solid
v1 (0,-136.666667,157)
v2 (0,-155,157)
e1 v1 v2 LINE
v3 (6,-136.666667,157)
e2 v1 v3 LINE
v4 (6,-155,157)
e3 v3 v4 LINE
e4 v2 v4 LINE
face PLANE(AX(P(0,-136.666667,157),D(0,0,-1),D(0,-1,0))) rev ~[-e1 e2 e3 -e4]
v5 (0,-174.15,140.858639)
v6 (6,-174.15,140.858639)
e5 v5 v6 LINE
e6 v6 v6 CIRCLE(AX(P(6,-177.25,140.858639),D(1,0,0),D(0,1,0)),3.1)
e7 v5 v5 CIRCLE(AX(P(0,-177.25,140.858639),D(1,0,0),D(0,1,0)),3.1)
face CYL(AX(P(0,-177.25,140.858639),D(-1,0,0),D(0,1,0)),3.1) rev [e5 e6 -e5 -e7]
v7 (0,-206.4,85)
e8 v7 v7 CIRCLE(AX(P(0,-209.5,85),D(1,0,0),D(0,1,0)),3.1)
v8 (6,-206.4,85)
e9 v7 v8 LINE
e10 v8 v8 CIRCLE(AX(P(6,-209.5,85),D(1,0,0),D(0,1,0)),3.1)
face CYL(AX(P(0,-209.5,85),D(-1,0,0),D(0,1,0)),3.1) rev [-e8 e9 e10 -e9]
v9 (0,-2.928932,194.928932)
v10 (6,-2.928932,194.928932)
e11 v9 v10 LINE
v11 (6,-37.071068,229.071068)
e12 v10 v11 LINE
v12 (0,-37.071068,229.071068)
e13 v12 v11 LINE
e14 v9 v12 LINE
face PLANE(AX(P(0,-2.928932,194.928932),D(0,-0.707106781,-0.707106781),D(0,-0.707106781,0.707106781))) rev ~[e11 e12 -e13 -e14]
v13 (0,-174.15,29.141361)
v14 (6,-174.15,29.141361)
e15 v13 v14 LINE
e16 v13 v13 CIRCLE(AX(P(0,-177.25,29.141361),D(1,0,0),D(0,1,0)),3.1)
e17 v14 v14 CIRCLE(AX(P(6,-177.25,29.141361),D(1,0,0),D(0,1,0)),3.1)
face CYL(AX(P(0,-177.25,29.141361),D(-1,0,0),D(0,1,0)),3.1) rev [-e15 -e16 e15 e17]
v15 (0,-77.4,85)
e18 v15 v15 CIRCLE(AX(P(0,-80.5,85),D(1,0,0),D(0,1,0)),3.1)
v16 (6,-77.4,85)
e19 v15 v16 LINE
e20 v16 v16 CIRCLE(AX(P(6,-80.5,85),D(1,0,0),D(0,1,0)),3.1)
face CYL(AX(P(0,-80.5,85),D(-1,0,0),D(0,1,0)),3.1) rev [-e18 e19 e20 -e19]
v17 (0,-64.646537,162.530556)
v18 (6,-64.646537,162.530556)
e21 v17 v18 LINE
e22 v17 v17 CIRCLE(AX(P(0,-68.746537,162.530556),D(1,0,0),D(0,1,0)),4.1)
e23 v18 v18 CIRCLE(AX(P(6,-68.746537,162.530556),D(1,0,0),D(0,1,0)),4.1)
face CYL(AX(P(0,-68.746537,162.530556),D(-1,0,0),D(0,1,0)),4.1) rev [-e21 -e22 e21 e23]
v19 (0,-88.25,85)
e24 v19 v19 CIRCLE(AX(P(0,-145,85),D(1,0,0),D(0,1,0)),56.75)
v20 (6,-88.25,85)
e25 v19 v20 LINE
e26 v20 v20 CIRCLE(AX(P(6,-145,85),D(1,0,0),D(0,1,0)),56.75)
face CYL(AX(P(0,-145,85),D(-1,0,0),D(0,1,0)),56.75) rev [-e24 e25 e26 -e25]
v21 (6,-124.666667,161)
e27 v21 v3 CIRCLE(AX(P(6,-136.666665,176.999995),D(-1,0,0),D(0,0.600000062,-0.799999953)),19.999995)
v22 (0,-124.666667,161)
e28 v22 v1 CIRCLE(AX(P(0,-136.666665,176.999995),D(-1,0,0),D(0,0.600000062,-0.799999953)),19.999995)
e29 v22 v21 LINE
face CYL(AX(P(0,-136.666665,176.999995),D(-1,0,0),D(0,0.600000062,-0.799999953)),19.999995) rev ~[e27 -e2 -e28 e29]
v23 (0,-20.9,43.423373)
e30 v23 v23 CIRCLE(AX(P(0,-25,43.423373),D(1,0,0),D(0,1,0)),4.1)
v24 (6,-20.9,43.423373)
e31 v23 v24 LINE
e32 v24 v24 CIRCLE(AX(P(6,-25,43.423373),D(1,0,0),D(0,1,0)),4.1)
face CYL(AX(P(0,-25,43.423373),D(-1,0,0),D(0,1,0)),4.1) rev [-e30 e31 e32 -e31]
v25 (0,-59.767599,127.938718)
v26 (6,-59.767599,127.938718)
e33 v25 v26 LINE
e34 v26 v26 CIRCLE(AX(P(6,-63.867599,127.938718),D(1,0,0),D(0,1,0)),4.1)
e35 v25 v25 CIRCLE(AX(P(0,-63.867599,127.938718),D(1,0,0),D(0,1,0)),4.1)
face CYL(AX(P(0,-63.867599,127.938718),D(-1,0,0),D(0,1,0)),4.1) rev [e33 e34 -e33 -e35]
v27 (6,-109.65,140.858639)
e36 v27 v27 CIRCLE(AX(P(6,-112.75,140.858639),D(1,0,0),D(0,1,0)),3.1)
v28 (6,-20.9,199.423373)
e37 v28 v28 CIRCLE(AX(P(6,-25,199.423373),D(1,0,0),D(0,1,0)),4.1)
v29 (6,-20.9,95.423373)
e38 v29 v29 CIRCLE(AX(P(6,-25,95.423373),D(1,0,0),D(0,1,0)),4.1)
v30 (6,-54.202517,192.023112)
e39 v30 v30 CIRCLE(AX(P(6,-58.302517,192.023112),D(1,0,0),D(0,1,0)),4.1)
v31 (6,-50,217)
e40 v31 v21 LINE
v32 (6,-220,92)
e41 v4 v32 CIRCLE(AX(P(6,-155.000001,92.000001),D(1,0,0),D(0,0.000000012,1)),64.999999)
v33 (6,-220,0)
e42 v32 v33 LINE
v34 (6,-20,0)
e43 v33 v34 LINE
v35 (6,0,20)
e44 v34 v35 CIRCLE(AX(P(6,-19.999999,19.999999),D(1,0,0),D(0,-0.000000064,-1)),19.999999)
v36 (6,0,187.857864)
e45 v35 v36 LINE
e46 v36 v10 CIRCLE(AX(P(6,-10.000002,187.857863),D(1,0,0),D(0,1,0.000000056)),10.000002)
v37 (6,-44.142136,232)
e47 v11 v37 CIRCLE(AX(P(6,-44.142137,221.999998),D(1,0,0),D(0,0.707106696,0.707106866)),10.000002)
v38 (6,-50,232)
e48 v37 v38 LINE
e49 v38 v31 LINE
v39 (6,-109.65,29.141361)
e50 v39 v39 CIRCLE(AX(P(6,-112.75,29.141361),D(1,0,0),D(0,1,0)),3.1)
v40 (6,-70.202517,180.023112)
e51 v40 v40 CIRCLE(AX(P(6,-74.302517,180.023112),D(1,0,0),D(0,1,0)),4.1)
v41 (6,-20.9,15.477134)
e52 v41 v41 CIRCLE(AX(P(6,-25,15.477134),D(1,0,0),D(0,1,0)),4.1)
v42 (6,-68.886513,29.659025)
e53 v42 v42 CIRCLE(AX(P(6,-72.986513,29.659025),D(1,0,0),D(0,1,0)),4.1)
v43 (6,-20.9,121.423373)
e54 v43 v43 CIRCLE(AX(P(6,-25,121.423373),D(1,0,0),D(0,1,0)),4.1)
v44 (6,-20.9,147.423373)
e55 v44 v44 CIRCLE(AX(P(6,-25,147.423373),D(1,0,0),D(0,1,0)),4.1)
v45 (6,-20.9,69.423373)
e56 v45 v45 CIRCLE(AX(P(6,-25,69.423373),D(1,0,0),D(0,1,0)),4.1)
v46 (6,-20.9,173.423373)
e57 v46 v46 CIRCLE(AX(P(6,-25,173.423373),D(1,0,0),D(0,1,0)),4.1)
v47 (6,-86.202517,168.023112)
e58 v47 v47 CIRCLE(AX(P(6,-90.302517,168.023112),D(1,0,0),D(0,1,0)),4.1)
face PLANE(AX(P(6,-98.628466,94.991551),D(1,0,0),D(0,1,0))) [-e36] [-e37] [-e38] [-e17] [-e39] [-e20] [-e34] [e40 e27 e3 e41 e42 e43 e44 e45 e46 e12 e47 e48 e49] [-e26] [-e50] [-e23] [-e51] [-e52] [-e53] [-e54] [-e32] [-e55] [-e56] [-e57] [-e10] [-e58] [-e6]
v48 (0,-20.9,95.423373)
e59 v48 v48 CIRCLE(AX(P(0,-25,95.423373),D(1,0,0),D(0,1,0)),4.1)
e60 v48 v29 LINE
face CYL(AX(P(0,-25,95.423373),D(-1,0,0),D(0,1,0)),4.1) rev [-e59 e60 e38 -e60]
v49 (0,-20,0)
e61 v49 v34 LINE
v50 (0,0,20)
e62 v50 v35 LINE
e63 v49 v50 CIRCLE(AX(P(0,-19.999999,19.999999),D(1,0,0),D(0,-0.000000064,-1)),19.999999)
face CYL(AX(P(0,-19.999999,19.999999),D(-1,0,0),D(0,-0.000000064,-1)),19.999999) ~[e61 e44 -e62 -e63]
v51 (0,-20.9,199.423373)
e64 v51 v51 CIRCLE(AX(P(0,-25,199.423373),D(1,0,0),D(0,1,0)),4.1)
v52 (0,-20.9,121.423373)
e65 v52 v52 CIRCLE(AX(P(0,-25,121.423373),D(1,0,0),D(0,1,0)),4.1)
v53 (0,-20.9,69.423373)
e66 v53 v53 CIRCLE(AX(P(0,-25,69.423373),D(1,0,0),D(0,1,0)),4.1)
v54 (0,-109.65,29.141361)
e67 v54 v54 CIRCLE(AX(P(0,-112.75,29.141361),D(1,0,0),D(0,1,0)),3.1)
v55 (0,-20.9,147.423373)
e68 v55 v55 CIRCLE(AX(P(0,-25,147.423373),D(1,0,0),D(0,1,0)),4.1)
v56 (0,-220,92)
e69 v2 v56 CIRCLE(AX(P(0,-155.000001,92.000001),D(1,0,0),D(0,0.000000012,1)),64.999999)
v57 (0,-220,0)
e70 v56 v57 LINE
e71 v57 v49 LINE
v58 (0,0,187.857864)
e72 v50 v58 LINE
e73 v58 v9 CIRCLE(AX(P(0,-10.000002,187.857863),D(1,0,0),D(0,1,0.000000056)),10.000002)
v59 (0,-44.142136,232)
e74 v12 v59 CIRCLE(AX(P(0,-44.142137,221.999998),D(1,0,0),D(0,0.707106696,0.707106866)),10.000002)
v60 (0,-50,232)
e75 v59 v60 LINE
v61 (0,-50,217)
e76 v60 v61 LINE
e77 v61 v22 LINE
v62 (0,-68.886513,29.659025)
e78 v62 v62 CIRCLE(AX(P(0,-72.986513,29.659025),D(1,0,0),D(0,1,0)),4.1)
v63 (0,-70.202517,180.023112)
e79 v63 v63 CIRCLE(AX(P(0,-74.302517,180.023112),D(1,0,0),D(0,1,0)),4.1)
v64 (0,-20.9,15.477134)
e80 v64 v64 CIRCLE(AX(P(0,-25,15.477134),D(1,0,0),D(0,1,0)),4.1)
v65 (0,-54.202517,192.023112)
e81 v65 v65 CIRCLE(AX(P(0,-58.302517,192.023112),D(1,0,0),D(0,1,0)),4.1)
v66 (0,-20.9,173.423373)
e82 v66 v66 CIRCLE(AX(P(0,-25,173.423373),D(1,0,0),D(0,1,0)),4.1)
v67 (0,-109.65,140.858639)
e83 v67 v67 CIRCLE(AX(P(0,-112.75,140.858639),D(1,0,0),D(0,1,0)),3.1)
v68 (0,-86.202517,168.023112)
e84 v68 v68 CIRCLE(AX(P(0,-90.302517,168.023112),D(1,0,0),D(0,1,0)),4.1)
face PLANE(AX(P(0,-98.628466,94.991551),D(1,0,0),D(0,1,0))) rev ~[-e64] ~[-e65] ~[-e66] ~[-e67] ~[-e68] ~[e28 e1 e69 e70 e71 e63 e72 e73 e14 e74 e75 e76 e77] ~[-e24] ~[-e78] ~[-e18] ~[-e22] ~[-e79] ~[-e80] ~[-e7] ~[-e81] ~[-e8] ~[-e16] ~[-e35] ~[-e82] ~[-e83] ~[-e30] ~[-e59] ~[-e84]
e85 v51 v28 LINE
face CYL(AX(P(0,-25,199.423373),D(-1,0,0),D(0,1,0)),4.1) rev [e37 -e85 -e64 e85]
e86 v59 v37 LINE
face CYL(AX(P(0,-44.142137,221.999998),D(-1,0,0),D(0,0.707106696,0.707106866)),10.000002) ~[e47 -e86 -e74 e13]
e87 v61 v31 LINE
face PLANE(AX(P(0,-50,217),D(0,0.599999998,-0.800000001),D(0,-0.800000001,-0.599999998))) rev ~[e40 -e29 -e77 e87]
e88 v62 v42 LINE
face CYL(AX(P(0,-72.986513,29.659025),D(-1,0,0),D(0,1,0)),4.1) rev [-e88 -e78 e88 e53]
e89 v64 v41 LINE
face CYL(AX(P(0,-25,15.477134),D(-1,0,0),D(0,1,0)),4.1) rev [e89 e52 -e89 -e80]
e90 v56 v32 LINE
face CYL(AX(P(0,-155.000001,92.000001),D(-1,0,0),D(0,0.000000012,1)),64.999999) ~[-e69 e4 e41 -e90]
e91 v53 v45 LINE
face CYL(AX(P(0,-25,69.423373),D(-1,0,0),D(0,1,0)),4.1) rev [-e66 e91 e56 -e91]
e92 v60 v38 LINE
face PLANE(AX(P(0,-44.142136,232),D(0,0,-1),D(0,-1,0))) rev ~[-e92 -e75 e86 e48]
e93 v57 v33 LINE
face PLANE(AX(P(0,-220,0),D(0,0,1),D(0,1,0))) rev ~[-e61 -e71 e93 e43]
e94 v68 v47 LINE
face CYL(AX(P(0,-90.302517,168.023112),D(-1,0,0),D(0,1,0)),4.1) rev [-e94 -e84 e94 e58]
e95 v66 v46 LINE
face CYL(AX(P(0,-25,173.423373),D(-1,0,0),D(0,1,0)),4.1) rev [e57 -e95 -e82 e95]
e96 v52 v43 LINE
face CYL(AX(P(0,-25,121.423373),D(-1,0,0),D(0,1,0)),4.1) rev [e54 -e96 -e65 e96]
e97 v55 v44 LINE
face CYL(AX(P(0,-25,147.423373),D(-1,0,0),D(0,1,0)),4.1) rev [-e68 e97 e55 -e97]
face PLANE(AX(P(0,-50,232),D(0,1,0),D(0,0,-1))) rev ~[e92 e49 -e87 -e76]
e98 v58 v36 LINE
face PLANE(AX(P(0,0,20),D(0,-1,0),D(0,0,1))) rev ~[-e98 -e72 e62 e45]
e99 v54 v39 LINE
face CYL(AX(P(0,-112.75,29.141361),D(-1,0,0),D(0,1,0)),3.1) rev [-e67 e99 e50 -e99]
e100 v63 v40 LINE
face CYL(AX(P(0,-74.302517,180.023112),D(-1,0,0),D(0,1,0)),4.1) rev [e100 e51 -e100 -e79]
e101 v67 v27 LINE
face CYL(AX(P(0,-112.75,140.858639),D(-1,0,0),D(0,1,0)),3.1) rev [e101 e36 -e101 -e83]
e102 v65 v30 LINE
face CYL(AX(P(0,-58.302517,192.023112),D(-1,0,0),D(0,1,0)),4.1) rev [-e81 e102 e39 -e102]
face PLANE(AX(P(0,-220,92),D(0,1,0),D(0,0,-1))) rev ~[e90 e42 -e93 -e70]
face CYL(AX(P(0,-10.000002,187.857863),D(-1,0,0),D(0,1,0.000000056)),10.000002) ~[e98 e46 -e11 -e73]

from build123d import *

# Parameters (mm, degrees)
F0_R     = 3.1
F0_R_2   = 56.75
F0_R_3   = 4.1
F1_DEPTH = 6


with BuildPart() as f1:
    # F0 (on Right) → F1 (new body)
    with BuildSketch(Plane.YZ):
        with BuildLine():
            Line((-220, 0), (-20, 0))
            ThreePointArc((-20, 0), (-5.857864, 5.857864), (0, 20))
            Line((0, 20), (0, 187.857864))
            ThreePointArc((0, 187.857864), (-0.761205, 191.684699), (-2.928932, 194.928932))
            Line((-2.928932, 194.928932), (-37.071068, 229.071068))
            ThreePointArc((-37.071068, 229.071068), (-40.315301, 231.238795), (-44.142136, 232))
            Line((-44.142136, 232), (-50, 232))
            Line((-50, 232), (-50, 217))
            Line((-50, 217), (-124.666667, 161))
            ThreePointArc((-124.666667, 161), (-130.342111, 158.026334), (-136.666667, 157))
            Line((-136.666667, 157), (-155, 157))
            ThreePointArc((-155, 157), (-200.961941, 137.961941), (-220, 92))
            Line((-220, 92), (-220, 0))
        make_face()
        with Locations((-177.25, 29.141361)):
            Circle(F0_R, mode=Mode.SUBTRACT)
        with Locations((-112.75, 29.141361)):
            Circle(F0_R, mode=Mode.SUBTRACT)
        with Locations((-209.5, 85)):
            Circle(F0_R, mode=Mode.SUBTRACT)
        with Locations((-145, 85)):
            Circle(F0_R_2, mode=Mode.SUBTRACT)
        with Locations((-72.986513, 29.659025)):
            Circle(F0_R_3, mode=Mode.SUBTRACT)
        with Locations((-25, 15.477134)):
            Circle(F0_R_3, mode=Mode.SUBTRACT)
        with Locations((-25, 43.423373)):
            Circle(F0_R_3, mode=Mode.SUBTRACT)
        with Locations((-80.5, 85)):
            Circle(F0_R, mode=Mode.SUBTRACT)
        with Locations((-25, 69.423373)):
            Circle(F0_R_3, mode=Mode.SUBTRACT)
        with Locations((-25, 95.423373)):
            Circle(F0_R_3, mode=Mode.SUBTRACT)
        with Locations((-177.25, 140.858639)):
            Circle(F0_R, mode=Mode.SUBTRACT)
        with Locations((-112.75, 140.858639)):
            Circle(F0_R, mode=Mode.SUBTRACT)
        with Locations((-63.867599, 127.938718)):
            Circle(F0_R_3, mode=Mode.SUBTRACT)
        with Locations((-90.302517, 168.023112)):
            Circle(F0_R_3, mode=Mode.SUBTRACT)
        with Locations((-68.746537, 162.530556)):
            Circle(F0_R_3, mode=Mode.SUBTRACT)
        with Locations((-25, 121.423373)):
            Circle(F0_R_3, mode=Mode.SUBTRACT)
        with Locations((-25, 147.423373)):
            Circle(F0_R_3, mode=Mode.SUBTRACT)
        with Locations((-25, 173.423373)):
            Circle(F0_R_3, mode=Mode.SUBTRACT)
        with Locations((-74.302517, 180.023112)):
            Circle(F0_R_3, mode=Mode.SUBTRACT)
        with Locations((-58.302517, 192.023112)):
            Circle(F0_R_3, mode=Mode.SUBTRACT)
        with Locations((-25, 199.423373)):
            Circle(F0_R_3, mode=Mode.SUBTRACT)
    extrude(amount=F1_DEPTH)


solid = f1.part
